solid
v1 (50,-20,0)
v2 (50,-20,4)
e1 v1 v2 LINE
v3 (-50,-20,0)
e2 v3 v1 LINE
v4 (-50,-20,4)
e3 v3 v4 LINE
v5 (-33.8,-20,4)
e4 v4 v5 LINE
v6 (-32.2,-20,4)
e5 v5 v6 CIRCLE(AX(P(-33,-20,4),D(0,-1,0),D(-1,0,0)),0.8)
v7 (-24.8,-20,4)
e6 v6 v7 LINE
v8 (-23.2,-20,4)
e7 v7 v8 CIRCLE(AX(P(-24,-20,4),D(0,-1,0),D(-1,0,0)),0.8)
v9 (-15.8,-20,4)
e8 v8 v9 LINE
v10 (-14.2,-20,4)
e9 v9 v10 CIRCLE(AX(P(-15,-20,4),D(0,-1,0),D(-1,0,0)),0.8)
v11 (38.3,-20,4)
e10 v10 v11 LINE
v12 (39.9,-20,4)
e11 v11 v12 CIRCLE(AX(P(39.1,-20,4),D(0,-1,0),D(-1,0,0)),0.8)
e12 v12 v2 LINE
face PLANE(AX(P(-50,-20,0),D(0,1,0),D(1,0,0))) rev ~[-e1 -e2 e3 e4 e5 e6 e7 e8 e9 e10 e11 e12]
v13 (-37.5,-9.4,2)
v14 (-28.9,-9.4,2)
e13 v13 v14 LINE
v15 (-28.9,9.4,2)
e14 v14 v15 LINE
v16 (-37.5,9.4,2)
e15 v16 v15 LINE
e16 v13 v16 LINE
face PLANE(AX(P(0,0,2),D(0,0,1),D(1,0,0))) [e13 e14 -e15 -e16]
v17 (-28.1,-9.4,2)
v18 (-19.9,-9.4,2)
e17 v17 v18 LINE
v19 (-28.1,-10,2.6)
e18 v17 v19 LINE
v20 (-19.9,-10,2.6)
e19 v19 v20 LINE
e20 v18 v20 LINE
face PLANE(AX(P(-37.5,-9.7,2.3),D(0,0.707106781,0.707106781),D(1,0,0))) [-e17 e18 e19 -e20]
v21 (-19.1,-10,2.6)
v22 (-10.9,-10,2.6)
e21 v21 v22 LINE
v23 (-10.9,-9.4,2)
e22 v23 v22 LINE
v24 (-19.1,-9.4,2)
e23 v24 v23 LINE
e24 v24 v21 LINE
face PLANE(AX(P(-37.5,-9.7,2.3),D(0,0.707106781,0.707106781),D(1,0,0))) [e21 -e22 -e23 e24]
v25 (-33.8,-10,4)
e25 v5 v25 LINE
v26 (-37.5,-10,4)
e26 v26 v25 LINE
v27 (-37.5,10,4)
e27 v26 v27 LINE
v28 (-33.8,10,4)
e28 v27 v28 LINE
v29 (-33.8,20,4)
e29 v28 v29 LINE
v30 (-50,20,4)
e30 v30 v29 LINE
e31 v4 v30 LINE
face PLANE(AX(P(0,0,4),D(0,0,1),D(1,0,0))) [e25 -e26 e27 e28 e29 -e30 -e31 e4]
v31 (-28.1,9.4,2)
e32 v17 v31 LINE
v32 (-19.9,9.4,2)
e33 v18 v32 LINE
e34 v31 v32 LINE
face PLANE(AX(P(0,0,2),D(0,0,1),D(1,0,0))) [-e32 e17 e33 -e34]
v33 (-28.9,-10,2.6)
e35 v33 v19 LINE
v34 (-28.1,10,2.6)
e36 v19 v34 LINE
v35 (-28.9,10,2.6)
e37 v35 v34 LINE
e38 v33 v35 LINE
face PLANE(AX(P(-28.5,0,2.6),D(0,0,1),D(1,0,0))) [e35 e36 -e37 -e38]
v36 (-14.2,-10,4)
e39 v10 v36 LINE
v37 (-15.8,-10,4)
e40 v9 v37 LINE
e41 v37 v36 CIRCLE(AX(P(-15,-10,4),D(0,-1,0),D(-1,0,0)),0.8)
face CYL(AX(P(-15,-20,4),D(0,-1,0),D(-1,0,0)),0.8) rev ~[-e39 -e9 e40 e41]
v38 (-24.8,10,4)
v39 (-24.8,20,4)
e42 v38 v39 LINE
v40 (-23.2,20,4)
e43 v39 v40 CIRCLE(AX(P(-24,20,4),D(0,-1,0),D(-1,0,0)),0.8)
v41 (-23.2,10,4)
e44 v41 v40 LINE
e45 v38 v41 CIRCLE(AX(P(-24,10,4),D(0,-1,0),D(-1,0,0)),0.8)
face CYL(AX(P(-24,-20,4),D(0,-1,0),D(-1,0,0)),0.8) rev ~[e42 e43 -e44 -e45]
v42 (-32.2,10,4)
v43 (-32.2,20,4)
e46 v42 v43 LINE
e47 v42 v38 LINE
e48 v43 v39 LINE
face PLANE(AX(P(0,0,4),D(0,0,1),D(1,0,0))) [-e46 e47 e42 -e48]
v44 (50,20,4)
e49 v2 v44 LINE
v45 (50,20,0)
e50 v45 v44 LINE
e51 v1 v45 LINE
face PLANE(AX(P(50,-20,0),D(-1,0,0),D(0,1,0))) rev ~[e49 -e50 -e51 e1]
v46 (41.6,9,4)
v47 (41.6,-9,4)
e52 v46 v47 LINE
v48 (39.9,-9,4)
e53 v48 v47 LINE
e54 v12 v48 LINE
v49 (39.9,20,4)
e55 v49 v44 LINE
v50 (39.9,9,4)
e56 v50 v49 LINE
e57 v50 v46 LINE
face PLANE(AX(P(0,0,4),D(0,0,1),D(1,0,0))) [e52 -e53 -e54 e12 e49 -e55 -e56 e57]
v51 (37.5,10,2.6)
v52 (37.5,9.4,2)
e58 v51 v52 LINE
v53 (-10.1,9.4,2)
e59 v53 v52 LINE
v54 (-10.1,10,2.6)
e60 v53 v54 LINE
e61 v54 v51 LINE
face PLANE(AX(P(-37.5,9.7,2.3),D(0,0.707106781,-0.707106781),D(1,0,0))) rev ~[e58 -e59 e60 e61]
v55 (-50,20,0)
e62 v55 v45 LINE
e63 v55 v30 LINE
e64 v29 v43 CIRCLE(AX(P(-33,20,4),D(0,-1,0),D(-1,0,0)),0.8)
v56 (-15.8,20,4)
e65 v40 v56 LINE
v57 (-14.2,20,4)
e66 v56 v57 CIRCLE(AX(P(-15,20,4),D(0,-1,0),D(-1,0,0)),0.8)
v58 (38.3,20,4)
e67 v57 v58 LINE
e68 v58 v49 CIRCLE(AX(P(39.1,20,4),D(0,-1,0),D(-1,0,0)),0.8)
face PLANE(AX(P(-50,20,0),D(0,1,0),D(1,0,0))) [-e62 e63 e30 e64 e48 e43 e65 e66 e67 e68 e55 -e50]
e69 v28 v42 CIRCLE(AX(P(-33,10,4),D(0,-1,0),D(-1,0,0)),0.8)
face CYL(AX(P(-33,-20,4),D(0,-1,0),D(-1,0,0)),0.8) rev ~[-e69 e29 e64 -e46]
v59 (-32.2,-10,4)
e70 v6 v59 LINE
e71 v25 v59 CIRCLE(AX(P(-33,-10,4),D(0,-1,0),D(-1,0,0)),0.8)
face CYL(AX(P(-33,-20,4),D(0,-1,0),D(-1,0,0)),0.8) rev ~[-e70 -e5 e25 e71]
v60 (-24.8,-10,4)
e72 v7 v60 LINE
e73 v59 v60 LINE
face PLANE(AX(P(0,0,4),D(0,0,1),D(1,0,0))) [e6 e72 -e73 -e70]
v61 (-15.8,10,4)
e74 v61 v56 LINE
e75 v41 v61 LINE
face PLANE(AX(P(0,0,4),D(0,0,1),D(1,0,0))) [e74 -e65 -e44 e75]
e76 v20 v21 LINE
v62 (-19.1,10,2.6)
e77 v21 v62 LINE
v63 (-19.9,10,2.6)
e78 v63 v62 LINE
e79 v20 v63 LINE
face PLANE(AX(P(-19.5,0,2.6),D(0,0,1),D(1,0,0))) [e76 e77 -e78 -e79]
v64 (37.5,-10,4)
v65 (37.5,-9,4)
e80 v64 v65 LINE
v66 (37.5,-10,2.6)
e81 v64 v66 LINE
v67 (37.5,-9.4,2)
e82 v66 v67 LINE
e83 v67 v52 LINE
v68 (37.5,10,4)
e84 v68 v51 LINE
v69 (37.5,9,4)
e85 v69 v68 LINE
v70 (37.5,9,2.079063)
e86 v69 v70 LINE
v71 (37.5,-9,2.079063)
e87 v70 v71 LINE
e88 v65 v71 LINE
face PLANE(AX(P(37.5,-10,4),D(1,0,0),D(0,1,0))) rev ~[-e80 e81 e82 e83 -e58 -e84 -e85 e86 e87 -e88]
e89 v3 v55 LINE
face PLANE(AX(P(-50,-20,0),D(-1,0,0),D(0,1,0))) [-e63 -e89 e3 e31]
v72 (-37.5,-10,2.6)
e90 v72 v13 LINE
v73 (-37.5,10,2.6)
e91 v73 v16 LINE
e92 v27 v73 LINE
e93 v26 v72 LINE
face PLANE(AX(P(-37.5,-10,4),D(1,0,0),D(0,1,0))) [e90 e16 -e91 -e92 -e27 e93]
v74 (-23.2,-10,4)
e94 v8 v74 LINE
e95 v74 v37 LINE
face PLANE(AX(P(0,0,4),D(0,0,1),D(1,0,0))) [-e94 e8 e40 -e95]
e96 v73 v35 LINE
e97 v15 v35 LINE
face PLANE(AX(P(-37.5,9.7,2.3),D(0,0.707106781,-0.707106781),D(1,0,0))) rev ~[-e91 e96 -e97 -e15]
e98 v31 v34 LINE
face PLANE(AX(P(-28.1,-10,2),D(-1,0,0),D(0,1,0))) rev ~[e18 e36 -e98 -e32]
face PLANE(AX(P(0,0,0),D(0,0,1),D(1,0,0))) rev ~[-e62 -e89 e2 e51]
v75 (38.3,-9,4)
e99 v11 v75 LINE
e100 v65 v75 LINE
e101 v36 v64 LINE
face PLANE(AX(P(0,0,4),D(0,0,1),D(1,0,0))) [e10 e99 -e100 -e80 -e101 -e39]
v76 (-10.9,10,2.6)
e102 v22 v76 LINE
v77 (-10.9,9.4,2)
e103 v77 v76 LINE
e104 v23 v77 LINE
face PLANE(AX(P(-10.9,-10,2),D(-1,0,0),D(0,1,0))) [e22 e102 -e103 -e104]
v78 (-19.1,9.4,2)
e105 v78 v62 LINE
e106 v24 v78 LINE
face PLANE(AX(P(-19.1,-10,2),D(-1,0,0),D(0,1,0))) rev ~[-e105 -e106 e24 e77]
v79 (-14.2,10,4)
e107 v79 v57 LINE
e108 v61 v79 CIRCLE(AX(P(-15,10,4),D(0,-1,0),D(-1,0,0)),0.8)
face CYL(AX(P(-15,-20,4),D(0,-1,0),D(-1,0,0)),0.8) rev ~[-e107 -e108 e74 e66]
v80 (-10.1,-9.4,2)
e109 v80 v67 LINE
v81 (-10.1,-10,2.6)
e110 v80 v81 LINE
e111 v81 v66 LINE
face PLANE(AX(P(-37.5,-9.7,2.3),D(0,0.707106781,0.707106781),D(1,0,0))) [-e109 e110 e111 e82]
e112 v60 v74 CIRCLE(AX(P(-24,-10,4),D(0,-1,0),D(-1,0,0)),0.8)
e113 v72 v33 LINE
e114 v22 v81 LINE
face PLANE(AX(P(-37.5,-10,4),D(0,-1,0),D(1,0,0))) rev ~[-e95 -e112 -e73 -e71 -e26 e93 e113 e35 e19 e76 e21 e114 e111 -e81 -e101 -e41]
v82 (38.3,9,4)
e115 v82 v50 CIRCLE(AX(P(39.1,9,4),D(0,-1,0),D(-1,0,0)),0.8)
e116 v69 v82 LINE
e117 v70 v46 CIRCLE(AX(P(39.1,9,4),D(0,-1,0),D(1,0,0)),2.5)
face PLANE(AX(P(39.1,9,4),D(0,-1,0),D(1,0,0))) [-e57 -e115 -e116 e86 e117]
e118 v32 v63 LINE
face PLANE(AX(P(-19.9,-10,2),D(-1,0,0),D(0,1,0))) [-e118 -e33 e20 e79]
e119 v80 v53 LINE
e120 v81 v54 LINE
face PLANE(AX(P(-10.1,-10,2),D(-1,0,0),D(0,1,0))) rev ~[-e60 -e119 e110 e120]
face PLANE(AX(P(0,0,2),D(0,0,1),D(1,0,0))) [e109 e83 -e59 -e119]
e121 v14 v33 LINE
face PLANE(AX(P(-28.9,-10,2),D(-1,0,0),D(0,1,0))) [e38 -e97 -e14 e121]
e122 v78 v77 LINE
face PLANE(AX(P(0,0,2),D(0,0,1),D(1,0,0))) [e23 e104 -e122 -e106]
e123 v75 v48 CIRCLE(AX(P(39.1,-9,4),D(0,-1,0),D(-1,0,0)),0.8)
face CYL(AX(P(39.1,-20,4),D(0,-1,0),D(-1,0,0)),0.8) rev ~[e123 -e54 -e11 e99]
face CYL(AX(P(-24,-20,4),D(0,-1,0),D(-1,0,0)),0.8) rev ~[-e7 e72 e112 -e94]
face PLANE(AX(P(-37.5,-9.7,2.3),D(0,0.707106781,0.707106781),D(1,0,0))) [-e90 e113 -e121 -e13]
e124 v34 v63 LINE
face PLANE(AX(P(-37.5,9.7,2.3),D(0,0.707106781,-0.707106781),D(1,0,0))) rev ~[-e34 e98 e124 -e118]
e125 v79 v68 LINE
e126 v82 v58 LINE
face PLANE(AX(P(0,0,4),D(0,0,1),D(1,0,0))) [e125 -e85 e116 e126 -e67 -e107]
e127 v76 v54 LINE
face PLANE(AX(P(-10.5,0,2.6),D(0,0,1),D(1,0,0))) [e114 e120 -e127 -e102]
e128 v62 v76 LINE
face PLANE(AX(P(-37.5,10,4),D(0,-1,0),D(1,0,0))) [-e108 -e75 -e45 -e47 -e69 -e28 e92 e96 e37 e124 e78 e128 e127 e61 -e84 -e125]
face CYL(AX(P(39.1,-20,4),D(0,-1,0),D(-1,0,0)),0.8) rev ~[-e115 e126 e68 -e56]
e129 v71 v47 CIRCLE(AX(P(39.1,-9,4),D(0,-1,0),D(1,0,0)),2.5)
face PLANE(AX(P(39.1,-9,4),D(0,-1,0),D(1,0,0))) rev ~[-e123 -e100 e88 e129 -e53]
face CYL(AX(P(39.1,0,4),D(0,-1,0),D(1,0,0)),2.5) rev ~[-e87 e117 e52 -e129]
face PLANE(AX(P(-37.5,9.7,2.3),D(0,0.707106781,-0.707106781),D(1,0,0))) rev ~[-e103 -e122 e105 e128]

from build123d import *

# Parameters (mm, degrees)
F0_W      = 100
F0_H      = 40
F1_DEPTH  = 4
F2_W      = 75
F2_H      = 20
F3_DEPTH  = 2
F5_R      = 2.5
F6_DEPTH  = 9
F7_DEPTH  = 40.001
F9_SIZE   = 0.6
F8_W      = 0.8
F8_H      = 20
F10_DEPTH = 0.6


with BuildPart() as f1:
    # F0 (on Top) → F1 (new body)
    with BuildSketch(Plane.XY):
        Rectangle(F0_W, F0_H)
    extrude(amount=F1_DEPTH)

    # F2 (on face) → F3 (cut)
    with BuildSketch(Plane.XY.offset(4)):
        Rectangle(F2_W, F2_H)
    extrude(amount=-F3_DEPTH, mode=Mode.SUBTRACT)

    # F5 (on Front) → F6 (cut, symmetric)
    with BuildSketch(Plane.XZ):
        with Locations((39.1, 4)):
            Circle(F5_R)
    extrude(amount=F6_DEPTH, both=True, mode=Mode.SUBTRACT)

    # F4 (on face) → F7 (cut, through all)
    with BuildSketch(Plane.XZ.offset(20)):
        with BuildLine():
            ThreePointArc((-33.8, 4), (-33, 3.2), (-32.2, 4))
            Line((-32.2, 4), (-33.8, 4))
        make_face()
        with BuildLine():
            Line((-23.2, 4), (-24.8, 4))
            ThreePointArc((-24.8, 4), (-24, 3.2), (-23.2, 4))
        make_face()
        with BuildLine():
            Line((-14.2, 4), (-15.8, 4))
            ThreePointArc((-15.8, 4), (-15, 3.2), (-14.2, 4))
        make_face()
        with BuildLine():
            Line((39.9, 4), (38.3, 4))
            ThreePointArc((38.3, 4), (39.1, 3.2), (39.9, 4))
        make_face()
    extrude(amount=-F7_DEPTH, mode=Mode.SUBTRACT)

    # F9
    f9_edges = [f1.edges().sort_by_distance(p)[0] for p in [
        (0, 10, 2),
        (0, -10, 2),
    ]]
    chamfer(f9_edges, length=F9_SIZE)

    # F8 (on face) → F10 (join)
    with BuildSketch(Plane.XY.offset(2)):
        with Locations((-28.5, 0)):
            Rectangle(F8_W, F8_H)
        with Locations((-19.5, 0)):
            Rectangle(F8_W, F8_H)
        with Locations((-10.5, 0)):
            Rectangle(F8_W, F8_H)
    extrude(amount=F10_DEPTH)


solid = f1.part
